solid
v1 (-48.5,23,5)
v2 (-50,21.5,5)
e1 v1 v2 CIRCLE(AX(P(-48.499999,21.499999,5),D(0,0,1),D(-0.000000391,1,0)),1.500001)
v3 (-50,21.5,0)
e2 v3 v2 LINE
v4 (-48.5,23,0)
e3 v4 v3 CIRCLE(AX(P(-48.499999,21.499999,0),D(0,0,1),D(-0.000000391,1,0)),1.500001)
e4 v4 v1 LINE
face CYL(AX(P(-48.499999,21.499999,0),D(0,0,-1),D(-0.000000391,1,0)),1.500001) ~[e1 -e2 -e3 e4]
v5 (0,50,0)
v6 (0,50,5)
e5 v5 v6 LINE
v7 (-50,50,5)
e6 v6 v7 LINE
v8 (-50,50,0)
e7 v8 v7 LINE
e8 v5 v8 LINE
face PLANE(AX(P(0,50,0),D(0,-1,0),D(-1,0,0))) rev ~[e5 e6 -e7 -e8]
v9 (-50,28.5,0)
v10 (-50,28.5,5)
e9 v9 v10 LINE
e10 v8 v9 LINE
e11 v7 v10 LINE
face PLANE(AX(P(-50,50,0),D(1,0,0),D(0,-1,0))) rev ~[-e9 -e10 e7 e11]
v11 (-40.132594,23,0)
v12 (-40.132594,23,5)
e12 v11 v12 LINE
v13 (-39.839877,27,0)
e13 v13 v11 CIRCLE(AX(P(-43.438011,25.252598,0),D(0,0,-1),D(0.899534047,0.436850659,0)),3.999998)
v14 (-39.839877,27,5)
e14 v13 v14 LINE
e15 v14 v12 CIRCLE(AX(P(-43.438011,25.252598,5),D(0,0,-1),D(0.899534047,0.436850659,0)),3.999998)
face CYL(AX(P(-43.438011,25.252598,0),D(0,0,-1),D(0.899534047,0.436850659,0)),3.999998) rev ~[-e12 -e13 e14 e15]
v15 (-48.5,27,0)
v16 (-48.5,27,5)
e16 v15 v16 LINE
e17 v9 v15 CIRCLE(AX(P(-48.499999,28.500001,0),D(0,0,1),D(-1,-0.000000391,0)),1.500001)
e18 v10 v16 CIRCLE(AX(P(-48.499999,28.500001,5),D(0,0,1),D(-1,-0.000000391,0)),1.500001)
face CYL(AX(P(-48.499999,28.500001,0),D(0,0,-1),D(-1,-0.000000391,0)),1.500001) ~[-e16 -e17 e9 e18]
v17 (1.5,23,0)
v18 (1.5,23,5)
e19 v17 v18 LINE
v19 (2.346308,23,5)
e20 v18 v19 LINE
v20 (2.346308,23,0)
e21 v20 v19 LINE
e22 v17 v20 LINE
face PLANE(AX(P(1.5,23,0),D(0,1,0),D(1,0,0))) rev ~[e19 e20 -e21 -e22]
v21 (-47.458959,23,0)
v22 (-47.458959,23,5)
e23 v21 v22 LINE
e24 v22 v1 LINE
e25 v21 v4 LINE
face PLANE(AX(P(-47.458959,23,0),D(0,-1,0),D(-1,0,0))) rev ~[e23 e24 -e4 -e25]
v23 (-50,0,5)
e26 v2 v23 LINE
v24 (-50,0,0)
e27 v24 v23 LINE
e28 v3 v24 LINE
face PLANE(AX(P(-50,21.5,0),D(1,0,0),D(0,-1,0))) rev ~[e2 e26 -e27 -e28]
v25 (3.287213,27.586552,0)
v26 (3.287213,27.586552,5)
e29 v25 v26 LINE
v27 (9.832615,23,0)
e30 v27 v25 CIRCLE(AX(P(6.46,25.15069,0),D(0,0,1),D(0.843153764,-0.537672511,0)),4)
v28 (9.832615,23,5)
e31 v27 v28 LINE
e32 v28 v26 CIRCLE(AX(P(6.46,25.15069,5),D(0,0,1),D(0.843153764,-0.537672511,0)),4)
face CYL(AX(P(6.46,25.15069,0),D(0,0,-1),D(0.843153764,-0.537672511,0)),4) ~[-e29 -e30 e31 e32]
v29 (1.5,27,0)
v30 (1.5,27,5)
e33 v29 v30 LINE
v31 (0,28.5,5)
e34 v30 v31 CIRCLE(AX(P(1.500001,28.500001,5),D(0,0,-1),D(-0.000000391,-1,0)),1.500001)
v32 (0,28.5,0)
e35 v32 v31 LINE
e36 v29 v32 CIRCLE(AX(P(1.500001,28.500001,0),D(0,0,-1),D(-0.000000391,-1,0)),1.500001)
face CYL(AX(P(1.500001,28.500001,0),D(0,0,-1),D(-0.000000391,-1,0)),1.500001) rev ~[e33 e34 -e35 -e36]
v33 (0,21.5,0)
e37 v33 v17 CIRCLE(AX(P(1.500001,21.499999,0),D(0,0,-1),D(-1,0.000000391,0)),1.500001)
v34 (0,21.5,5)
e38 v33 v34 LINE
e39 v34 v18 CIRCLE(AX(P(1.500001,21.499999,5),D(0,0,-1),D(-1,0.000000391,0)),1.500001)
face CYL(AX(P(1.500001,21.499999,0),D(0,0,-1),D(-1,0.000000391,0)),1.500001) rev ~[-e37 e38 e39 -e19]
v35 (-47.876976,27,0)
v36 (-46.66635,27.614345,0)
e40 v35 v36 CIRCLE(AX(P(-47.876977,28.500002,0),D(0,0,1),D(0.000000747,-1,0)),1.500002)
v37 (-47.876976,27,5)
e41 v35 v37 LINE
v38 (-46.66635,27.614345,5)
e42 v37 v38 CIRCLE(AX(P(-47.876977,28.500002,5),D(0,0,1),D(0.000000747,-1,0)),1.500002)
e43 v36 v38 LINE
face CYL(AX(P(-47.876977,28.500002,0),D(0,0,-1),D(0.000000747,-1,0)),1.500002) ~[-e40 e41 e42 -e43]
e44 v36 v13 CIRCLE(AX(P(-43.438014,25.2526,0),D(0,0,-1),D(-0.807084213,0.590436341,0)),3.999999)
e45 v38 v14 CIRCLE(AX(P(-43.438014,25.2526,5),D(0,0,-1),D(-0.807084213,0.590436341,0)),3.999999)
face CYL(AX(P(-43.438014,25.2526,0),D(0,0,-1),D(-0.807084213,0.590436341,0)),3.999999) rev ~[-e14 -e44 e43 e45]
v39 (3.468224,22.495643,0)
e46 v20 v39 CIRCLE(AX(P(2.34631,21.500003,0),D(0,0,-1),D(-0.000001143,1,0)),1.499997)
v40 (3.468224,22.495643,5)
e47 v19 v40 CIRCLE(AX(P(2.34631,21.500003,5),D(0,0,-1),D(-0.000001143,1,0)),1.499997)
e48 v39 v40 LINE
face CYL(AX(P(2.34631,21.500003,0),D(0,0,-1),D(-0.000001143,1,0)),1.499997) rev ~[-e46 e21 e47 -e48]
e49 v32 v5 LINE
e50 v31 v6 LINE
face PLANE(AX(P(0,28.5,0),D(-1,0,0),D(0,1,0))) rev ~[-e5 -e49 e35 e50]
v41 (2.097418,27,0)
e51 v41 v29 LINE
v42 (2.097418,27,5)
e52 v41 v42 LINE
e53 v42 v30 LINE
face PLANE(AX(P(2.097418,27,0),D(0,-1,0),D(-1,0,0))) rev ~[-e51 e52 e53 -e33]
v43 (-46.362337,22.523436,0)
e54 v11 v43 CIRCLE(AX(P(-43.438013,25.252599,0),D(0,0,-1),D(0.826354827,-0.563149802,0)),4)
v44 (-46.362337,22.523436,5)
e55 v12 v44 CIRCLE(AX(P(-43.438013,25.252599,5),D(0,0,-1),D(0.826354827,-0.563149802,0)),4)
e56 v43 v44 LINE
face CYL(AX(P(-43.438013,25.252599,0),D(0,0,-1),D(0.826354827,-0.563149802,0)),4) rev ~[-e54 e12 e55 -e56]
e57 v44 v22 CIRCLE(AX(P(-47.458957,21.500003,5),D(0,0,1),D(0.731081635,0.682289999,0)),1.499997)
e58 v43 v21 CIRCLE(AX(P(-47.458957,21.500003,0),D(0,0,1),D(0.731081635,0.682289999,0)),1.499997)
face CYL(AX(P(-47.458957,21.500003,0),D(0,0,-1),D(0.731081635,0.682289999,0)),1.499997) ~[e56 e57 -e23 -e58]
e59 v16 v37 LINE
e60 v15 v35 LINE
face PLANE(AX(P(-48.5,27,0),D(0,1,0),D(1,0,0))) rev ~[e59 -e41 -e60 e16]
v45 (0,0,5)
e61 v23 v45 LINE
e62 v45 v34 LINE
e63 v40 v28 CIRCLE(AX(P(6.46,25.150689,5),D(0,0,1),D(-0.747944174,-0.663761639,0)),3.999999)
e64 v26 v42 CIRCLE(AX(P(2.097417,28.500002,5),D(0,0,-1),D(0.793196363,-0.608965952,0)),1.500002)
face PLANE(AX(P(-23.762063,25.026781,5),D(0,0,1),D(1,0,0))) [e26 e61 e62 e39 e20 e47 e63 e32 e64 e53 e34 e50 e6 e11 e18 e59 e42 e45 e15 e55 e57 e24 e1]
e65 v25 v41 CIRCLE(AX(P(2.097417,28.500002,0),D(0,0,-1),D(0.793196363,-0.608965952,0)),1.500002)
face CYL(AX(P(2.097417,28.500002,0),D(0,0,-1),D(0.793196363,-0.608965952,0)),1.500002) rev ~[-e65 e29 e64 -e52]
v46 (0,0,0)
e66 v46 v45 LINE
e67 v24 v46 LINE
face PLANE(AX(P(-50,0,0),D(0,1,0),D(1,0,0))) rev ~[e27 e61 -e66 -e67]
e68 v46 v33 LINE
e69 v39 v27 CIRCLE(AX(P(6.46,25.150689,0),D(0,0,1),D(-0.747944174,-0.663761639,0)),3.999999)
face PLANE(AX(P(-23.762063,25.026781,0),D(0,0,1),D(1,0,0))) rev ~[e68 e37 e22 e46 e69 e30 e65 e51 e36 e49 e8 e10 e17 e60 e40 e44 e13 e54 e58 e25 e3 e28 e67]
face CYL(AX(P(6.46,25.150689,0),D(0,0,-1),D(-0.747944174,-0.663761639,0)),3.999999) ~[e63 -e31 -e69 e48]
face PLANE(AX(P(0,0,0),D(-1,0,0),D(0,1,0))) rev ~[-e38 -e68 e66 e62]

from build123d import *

# Parameters (mm, degrees)
F1_DEPTH = 5


with BuildPart() as f1:
    # F0 (on Top) → F1 (new body)
    with BuildSketch(Plane.XY):
        with BuildLine():
            Line((0, 28.5), (0, 50))
            Line((0, 50), (-50, 50))
            Line((-50, 50), (-50, 28.5))
            ThreePointArc((-50, 28.5), (-49.56066, 27.43934), (-48.5, 27))
            Line((-48.5, 27), (-47.876976, 27))
            ThreePointArc((-47.876976, 27), (-47.198184, 27.162375), (-46.66635, 27.614345))
            ThreePointArc((-46.66635, 27.614345), (-43.079484, 29.236499), (-39.839877, 27))
            ThreePointArc((-39.839877, 27), (-39.448681, 24.960662), (-40.132594, 23))
            ThreePointArc((-40.132594, 23), (-43.132912, 21.264252), (-46.362337, 22.523436))
            ThreePointArc((-46.362337, 22.523436), (-46.86111, 22.87571), (-47.458959, 23))
            Line((-47.458959, 23), (-48.5, 23))
            ThreePointArc((-48.5, 23), (-49.56066, 22.56066), (-50, 21.5))
            Line((-50, 21.5), (-50, 0))
            Line((-50, 0), (0, 0))
            Line((0, 0), (0, 21.5))
            ThreePointArc((0, 21.5), (0.43934, 22.56066), (1.5, 23))
            Line((1.5, 23), (2.346308, 23))
            ThreePointArc((2.346308, 23), (2.961343, 22.868113), (3.468224, 22.495643))
            ThreePointArc((3.468224, 22.495643), (6.775996, 21.163191), (9.832615, 23))
            ThreePointArc((9.832615, 23), (8.755451, 28.426496), (3.287213, 27.586552))
            ThreePointArc((3.287213, 27.586552), (2.760678, 27.154606), (2.097418, 27))
            Line((2.097418, 27), (1.5, 27))
            ThreePointArc((1.5, 27), (0.43934, 27.43934), (0, 28.5))
        make_face()
    extrude(amount=F1_DEPTH)


solid = f1.part
